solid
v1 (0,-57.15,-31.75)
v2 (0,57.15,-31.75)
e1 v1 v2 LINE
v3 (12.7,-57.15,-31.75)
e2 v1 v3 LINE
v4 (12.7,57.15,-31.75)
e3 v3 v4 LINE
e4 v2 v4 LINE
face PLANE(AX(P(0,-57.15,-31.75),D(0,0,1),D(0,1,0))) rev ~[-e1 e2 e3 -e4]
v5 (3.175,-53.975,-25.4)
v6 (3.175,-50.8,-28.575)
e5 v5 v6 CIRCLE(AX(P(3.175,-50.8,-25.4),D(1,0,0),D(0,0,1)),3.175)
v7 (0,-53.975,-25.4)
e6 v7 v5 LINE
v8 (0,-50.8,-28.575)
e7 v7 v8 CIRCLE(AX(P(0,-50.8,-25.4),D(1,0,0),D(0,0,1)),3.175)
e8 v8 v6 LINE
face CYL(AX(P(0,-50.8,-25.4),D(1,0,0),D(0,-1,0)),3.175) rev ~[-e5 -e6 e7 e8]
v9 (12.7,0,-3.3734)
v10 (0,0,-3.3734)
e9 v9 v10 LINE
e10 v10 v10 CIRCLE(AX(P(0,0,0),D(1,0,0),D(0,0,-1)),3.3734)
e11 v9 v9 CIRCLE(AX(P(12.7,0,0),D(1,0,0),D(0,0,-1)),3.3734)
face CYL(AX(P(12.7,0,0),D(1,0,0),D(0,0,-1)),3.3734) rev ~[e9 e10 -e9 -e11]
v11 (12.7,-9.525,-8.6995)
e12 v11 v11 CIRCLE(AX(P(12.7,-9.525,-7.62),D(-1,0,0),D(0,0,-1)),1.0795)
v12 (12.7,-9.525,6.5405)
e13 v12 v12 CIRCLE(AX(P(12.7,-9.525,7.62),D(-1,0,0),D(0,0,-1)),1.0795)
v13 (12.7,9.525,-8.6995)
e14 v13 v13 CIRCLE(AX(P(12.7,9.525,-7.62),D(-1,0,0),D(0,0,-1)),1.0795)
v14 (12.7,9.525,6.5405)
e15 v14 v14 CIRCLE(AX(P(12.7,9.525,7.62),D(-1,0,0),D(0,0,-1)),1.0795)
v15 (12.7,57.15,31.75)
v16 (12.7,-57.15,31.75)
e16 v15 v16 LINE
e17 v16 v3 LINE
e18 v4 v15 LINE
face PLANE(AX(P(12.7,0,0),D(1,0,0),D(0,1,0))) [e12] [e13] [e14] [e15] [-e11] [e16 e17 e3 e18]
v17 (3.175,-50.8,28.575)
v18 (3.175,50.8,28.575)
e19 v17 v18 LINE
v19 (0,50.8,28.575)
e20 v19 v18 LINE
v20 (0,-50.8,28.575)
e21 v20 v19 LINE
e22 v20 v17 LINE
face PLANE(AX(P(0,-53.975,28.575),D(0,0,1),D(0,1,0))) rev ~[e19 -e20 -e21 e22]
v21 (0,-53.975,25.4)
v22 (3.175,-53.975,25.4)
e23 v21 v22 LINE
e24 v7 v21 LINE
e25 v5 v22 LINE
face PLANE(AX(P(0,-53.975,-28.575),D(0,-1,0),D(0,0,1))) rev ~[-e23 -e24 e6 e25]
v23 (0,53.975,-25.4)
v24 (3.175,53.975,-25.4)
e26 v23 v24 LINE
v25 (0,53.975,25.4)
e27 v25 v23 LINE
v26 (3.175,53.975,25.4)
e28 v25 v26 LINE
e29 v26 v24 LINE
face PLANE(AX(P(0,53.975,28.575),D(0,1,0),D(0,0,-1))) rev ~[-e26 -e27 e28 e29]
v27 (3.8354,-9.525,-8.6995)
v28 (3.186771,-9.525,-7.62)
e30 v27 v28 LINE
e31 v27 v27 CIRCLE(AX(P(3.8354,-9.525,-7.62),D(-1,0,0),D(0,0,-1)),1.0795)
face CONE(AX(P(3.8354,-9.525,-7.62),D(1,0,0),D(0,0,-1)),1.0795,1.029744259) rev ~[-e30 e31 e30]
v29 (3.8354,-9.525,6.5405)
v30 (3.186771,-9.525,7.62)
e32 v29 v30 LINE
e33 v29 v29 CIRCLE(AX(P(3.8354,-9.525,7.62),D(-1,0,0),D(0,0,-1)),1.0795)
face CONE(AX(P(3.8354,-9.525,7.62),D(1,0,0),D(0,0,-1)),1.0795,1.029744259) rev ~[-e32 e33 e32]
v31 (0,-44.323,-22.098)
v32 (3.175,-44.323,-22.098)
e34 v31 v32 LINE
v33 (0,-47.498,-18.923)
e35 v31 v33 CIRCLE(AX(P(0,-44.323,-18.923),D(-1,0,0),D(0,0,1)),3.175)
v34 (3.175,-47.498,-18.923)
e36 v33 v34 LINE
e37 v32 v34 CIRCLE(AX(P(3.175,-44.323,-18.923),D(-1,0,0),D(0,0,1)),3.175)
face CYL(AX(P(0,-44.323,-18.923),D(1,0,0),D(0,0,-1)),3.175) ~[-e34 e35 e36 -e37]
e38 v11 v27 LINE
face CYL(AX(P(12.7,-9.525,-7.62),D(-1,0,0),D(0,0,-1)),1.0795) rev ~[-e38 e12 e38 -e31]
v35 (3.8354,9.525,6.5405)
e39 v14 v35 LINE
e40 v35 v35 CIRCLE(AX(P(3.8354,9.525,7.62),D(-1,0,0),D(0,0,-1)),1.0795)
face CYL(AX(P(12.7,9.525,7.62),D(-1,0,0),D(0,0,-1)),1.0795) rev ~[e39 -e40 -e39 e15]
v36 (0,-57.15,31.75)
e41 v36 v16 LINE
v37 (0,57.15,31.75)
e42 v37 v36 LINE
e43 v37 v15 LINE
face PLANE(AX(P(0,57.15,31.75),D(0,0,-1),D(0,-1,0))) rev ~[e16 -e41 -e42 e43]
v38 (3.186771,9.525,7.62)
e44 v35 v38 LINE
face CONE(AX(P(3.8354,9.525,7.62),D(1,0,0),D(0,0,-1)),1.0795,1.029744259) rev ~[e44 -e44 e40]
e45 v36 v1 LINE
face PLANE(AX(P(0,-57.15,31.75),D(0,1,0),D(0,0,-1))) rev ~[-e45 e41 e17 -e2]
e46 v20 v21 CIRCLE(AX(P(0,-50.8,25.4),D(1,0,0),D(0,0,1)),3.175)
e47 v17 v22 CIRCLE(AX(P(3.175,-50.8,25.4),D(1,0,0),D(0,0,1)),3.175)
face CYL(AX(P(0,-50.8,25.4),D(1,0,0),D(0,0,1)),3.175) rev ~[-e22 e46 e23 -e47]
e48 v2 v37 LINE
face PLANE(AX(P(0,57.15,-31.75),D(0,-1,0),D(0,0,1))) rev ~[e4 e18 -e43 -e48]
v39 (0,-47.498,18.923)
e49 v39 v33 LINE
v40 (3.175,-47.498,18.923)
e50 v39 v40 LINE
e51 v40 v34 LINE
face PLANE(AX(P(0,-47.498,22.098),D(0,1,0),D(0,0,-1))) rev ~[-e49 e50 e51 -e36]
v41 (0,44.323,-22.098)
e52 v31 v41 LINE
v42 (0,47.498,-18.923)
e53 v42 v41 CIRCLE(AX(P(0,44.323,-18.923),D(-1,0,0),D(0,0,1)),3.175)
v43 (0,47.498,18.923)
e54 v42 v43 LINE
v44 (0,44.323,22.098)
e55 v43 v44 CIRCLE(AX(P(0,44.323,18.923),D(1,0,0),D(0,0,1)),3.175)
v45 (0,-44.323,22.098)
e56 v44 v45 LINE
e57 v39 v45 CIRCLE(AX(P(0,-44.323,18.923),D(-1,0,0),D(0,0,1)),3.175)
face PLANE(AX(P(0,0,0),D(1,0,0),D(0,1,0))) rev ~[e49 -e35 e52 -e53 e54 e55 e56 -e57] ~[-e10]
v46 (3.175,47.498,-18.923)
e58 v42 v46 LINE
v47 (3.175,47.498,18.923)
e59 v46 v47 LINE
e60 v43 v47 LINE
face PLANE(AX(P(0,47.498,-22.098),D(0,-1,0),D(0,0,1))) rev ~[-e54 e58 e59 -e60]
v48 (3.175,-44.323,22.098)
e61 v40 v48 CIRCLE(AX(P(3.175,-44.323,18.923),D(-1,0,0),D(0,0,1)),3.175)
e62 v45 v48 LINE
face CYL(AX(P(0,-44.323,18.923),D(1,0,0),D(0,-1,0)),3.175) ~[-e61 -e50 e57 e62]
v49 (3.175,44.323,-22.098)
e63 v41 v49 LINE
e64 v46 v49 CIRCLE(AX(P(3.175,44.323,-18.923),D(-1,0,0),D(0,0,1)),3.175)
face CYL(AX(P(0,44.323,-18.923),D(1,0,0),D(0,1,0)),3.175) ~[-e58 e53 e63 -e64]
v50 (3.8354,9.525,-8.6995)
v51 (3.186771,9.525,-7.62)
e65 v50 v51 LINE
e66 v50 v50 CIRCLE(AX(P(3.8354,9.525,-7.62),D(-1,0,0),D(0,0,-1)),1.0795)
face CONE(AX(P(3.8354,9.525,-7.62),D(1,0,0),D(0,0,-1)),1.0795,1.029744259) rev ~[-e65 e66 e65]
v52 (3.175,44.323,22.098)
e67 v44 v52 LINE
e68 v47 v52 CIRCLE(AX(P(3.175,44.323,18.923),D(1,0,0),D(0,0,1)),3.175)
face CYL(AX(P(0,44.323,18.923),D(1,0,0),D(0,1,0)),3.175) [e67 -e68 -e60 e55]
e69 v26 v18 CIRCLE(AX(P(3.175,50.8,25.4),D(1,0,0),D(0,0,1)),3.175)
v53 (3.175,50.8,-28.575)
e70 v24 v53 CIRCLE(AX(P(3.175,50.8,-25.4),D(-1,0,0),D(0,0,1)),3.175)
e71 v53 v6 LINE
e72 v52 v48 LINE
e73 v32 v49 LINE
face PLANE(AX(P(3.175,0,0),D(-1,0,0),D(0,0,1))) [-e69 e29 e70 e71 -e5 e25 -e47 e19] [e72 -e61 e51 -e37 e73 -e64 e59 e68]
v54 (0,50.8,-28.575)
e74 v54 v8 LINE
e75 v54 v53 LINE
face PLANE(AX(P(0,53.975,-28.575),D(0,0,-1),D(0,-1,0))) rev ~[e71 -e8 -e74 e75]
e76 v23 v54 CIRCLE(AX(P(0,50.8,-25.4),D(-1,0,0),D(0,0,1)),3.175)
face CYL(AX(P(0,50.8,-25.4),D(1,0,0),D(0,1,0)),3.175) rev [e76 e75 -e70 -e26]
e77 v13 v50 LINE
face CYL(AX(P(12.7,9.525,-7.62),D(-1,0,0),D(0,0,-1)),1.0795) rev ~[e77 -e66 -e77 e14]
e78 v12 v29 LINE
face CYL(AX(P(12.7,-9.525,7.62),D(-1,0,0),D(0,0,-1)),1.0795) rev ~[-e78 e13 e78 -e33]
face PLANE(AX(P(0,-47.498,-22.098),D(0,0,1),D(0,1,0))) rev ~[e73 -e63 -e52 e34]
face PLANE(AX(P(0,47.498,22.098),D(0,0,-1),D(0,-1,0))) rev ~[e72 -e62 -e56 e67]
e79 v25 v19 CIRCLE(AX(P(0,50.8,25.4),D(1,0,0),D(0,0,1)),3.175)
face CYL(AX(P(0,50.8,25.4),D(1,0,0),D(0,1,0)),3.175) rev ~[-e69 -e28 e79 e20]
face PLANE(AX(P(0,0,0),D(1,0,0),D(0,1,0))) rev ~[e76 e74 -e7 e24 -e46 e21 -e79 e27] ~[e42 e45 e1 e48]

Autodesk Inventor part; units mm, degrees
ref_plane "YZ Plane" through (0, 0, 0) normal (1, 0, 0) x (0, 1, 0)
ref_plane "XZ Plane" through (0, 0, 0) normal (0, 1, 0) x (-1, 0, 0)
ref_plane "XY Plane" through (0, 0, 0) normal (0, 0, 1) x (1, 0, 0)
sketch "Sketch1" plane through (0, 0, 0) normal (1, 0, 0) x (0, 1, 0)
  line L0 (57.15, 31.75) -> (-57.15, 31.75)
  line L1 (-57.15, 31.75) -> (-57.15, -31.75)
  line L2 (-57.15, -31.75) -> (57.15, -31.75)
  line L3 (57.15, -31.75) -> (57.15, 31.75)
  line L4 (-50.8, 25.4) -> (50.8, 25.4)
  line L5 (50.8, 25.4) -> (50.8, -25.4)
  line L6 (50.8, -25.4) -> (-50.8, -25.4)
  line L7 (-50.8, -25.4) -> (-50.8, 25.4)
  point P0 (0, 0)
  point P1 (0, -31.75)
  point P2 (57.15, 0)
  point P3 (0, 25.4)
  point P4 (-50.8, 0)
  dimension "d0" = 63.5
  dimension "d1" = 114.3
  dimension "d14" = 50.8
  dimension "d15" = 101.6
extrude "Extrusion1" add sketch "Sketch1" along normal blind 12.7 contours L3 L2 L1 L0 | L4 L5 L6 L7
sketch "Sketch2" plane through (12.7, 0, 0) normal (1, 0, 0) x (0, 0, -1)
  line L0 (-7.62, -9.525) -> (7.62, 9.525) construction
  line L1 (-7.62, 9.525) -> (7.62, -9.525) construction
  circle A0 centre (0, 0) radius 3.3734
  dimension "d5" = 19.05
  dimension "d12" = 6.7469
  dimension "d13" = 15.24
sketch "Sketch3" plane through (0, 0, 0) normal (-1, 0, 0) x (0, 0, 1)
  line L0 (-28.575, -53.975) -> (28.575, -53.975)
  line L1 (28.575, -53.975) -> (28.575, 53.975)
  line L2 (28.575, 53.975) -> (-28.575, 53.975)
  line L3 (-28.575, 53.975) -> (-28.575, -53.975)
  line L4 (22.098, 47.498) -> (22.098, -47.498)
  line L5 (22.098, -47.498) -> (-22.098, -47.498)
  line L6 (-22.098, -47.498) -> (-22.098, 47.498)
  line L7 (-22.098, 47.498) -> (22.098, 47.498)
  point P0 (0, 0)
  point P1 (0, -53.975)
  point P2 (-28.575, 0)
  point P3 (0, 0)
  point P4 (28.575, 0)
  point P5 (0, 53.975)
  dimension "d16" = 107.95
  dimension "d17" = 57.15
  dimension "d31" = 6.477
extrude "Extrusion3" cut sketch "Sketch3" against normal blind 3.175
extrude "Extrusion4" cut sketch "Sketch2" against normal through all
hole "Hole1" at (12.7, -9.525, 7.62) at (12.7, 9.525, 7.62) at (12.7, 9.525, -7.62) at (12.7, -9.525, -7.62) direction (-1, 0, 0) diameter 2.159 depth 8.8646 tip angle 118
fillet "Fillet1" radius 3.175 8 edges at (1.5875, 53.975, 28.575) (1.5875, -47.498, 22.098) (1.5875, -47.498, -22.098) (1.5875, -53.975, -28.575) (1.5875, 47.498, -22.098) (1.5875, -53.975, 28.575) (1.5875, 53.975, -28.575) (1.5875, 47.498, 22.098)
properties part number "plate" material "Aluminum 6061"
